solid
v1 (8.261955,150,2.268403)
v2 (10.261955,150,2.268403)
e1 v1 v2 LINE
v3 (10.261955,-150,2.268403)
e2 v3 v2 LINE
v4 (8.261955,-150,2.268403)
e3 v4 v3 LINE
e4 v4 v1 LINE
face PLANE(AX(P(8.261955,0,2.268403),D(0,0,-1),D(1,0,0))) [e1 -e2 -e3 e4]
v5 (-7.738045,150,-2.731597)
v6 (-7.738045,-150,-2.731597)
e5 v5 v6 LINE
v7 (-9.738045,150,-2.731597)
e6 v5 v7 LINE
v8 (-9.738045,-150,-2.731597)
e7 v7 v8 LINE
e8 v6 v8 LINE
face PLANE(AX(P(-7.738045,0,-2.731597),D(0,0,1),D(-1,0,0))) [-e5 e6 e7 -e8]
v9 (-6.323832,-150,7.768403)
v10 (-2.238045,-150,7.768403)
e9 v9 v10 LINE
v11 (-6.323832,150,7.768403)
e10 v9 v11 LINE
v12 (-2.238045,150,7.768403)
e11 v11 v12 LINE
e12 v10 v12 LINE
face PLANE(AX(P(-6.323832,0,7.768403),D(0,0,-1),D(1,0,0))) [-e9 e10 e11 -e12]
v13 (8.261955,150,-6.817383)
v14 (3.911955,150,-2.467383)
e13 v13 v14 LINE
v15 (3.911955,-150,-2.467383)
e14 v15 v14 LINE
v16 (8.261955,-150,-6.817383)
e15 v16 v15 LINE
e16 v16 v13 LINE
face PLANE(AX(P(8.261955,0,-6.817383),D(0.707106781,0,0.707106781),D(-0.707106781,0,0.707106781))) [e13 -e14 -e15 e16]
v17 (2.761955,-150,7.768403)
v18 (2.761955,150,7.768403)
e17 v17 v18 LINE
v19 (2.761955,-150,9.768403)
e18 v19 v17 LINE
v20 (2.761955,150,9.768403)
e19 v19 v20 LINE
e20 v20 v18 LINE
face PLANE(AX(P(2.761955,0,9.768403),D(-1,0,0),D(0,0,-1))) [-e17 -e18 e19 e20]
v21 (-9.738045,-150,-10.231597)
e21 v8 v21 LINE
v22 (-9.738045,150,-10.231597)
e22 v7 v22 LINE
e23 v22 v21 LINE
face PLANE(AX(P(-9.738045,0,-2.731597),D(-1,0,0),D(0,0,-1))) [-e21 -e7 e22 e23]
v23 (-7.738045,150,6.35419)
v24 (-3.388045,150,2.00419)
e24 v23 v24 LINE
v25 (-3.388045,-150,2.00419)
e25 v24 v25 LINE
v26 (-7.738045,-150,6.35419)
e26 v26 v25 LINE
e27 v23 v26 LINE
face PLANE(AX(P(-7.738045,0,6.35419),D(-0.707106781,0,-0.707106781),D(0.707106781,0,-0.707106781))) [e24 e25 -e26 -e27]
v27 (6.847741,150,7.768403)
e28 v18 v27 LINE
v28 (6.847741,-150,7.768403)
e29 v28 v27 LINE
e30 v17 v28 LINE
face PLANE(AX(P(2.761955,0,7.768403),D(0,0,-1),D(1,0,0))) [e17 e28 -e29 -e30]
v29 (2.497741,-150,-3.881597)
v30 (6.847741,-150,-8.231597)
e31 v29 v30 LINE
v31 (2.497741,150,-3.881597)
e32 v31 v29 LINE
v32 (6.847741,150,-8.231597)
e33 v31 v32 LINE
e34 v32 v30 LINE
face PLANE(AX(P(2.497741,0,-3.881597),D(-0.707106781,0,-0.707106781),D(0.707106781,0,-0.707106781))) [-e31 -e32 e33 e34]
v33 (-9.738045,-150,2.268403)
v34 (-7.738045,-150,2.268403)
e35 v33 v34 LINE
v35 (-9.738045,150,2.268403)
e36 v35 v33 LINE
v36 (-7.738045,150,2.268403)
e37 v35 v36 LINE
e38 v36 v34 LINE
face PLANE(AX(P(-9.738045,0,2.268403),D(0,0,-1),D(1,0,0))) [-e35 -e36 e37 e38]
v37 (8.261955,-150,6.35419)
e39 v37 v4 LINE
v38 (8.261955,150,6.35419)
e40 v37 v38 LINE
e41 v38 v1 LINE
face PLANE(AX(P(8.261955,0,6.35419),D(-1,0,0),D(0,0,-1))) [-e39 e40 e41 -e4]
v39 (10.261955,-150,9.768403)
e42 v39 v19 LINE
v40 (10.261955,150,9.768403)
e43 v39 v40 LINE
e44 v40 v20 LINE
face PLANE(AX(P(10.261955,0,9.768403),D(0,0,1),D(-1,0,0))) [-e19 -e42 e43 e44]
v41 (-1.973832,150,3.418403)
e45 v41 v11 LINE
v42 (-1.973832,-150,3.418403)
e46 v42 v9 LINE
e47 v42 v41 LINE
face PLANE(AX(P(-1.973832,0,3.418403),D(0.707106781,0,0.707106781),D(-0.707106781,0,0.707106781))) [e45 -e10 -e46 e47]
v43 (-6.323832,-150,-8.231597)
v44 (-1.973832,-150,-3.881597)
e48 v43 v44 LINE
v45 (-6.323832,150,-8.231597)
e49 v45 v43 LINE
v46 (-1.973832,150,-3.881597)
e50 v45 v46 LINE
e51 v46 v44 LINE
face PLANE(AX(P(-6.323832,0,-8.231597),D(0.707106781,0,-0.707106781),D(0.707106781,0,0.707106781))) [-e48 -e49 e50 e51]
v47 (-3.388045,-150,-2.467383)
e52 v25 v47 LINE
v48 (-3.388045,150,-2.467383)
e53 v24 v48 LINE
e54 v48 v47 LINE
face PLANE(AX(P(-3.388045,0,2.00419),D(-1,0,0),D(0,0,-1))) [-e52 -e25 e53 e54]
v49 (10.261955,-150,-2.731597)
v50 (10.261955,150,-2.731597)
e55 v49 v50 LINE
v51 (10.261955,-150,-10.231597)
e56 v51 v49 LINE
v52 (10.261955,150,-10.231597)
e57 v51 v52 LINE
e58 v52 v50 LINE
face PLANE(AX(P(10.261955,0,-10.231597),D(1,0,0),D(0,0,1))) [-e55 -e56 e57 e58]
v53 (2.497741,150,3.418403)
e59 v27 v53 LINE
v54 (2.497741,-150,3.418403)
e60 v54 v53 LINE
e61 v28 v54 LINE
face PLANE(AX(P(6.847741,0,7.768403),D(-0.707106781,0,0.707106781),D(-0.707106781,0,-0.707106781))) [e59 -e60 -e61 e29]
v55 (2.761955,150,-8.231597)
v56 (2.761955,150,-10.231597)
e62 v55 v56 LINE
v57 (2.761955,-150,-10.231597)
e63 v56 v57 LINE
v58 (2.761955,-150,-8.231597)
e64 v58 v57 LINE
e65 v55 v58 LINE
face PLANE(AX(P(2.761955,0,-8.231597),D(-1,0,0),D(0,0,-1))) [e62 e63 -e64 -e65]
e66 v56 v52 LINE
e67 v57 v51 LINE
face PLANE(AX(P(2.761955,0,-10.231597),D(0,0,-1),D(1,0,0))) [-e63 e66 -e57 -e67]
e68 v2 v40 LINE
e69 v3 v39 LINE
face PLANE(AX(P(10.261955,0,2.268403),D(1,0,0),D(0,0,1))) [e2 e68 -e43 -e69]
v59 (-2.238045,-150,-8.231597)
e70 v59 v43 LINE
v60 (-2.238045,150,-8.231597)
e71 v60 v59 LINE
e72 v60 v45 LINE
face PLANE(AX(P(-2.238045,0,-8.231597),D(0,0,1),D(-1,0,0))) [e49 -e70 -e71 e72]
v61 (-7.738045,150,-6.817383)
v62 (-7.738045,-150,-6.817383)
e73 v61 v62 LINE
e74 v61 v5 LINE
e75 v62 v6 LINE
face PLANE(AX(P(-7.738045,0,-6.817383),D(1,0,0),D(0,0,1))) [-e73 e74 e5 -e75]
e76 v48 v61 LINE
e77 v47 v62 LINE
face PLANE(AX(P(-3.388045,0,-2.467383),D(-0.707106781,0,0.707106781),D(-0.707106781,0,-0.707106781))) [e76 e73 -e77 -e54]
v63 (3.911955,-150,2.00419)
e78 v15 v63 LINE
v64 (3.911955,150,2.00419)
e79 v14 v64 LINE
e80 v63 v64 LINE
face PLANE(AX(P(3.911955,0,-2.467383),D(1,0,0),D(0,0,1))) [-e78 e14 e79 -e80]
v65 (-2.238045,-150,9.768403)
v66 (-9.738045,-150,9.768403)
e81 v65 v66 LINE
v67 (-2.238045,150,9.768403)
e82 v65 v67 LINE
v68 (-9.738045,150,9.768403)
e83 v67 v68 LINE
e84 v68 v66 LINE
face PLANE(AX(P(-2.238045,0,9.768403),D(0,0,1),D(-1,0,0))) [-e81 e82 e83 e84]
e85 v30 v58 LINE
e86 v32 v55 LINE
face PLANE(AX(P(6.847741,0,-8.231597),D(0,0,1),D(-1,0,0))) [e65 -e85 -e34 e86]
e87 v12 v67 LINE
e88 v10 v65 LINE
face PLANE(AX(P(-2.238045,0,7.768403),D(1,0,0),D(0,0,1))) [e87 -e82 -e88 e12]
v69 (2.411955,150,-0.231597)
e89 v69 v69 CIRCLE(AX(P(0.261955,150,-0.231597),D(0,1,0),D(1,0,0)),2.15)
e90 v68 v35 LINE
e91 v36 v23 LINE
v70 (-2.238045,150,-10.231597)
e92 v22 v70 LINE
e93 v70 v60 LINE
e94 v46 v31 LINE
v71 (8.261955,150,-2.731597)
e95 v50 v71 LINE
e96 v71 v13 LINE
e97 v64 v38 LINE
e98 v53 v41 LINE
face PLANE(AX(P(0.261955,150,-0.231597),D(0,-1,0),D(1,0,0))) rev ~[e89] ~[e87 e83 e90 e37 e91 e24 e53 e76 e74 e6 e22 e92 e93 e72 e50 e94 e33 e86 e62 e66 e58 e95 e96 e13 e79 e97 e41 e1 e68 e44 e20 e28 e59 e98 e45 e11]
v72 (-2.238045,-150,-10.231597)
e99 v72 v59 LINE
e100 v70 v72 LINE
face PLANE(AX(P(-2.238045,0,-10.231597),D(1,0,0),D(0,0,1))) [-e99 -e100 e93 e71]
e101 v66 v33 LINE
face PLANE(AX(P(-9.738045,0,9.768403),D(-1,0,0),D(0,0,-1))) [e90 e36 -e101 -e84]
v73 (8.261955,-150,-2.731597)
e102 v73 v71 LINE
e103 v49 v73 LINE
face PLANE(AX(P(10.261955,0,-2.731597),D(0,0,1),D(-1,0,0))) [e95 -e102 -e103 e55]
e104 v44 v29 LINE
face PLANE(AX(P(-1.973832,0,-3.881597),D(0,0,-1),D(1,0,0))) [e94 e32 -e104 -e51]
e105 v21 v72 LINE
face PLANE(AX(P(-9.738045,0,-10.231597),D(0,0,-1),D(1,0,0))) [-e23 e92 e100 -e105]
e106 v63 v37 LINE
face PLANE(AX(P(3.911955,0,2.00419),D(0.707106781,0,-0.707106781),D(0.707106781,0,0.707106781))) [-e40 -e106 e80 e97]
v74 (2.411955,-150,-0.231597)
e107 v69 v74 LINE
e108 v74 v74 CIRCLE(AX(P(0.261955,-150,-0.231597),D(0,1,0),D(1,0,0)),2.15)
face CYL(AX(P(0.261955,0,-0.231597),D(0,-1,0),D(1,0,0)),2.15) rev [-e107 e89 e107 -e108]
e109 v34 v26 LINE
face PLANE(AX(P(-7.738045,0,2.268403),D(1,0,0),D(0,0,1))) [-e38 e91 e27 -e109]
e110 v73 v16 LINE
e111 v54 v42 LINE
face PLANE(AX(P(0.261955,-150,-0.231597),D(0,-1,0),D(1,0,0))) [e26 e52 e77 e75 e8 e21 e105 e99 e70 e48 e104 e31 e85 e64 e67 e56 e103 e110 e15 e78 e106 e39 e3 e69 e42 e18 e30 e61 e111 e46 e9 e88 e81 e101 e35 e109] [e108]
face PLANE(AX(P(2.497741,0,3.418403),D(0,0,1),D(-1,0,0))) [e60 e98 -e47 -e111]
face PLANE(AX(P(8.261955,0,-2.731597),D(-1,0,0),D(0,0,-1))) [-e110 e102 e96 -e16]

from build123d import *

# Parameters (mm, degrees)
F1_DEPTH      = 150
F1_DEPTH_BACK = 150


with BuildPart() as f1:
    # F0 (on Front) → F1 (new body, two sides)
    with BuildSketch(Plane.XZ) as f1_sk:
        Polygon((-2.238045, 9.768403), (-9.738045, 9.768403), (-9.738045, 2.268403), (-7.738045, 2.268403), (-7.738045, 6.35419), (-3.388045, 2.00419), (-3.388045, -0.231597), (-3.388045, -2.467383), (-7.738045, -6.817383), (-7.738045, -2.731597), (-9.738045, -2.731597), (-9.738045, -10.231597), (-2.238045, -10.231597), (-2.238045, -8.231597), (-6.323832, -8.231597), (-1.973832, -3.881597), (2.497741, -3.881597), (6.847741, -8.231597), (2.761955, -8.231597), (2.761955, -10.231597), (10.261955, -10.231597), (10.261955, -2.731597), (8.261955, -2.731597), (8.261955, -6.817383), (3.911955, -2.467383), (3.911955, -0.231597), (3.911955, 2.00419), (8.261955, 6.35419), (8.261955, 2.268403), (10.261955, 2.268403), (10.261955, 9.768403), (2.761955, 9.768403), (2.761955, 7.768403), (6.847741, 7.768403), (2.497741, 3.418403), (-1.973832, 3.418403), (-6.323832, 7.768403), (-2.238045, 7.768403), align=None)
        with BuildLine():
            ThreePointArc((-1.888045, -0.231597), (0.261955, 1.918403), (2.411955, -0.231597))
            ThreePointArc((2.411955, -0.231597), (0.261955, -2.381597), (-1.888045, -0.231597))
        make_face(mode=Mode.SUBTRACT)
    extrude(amount=F1_DEPTH)
    extrude(f1_sk.sketch, amount=-F1_DEPTH_BACK)


solid = f1.part
